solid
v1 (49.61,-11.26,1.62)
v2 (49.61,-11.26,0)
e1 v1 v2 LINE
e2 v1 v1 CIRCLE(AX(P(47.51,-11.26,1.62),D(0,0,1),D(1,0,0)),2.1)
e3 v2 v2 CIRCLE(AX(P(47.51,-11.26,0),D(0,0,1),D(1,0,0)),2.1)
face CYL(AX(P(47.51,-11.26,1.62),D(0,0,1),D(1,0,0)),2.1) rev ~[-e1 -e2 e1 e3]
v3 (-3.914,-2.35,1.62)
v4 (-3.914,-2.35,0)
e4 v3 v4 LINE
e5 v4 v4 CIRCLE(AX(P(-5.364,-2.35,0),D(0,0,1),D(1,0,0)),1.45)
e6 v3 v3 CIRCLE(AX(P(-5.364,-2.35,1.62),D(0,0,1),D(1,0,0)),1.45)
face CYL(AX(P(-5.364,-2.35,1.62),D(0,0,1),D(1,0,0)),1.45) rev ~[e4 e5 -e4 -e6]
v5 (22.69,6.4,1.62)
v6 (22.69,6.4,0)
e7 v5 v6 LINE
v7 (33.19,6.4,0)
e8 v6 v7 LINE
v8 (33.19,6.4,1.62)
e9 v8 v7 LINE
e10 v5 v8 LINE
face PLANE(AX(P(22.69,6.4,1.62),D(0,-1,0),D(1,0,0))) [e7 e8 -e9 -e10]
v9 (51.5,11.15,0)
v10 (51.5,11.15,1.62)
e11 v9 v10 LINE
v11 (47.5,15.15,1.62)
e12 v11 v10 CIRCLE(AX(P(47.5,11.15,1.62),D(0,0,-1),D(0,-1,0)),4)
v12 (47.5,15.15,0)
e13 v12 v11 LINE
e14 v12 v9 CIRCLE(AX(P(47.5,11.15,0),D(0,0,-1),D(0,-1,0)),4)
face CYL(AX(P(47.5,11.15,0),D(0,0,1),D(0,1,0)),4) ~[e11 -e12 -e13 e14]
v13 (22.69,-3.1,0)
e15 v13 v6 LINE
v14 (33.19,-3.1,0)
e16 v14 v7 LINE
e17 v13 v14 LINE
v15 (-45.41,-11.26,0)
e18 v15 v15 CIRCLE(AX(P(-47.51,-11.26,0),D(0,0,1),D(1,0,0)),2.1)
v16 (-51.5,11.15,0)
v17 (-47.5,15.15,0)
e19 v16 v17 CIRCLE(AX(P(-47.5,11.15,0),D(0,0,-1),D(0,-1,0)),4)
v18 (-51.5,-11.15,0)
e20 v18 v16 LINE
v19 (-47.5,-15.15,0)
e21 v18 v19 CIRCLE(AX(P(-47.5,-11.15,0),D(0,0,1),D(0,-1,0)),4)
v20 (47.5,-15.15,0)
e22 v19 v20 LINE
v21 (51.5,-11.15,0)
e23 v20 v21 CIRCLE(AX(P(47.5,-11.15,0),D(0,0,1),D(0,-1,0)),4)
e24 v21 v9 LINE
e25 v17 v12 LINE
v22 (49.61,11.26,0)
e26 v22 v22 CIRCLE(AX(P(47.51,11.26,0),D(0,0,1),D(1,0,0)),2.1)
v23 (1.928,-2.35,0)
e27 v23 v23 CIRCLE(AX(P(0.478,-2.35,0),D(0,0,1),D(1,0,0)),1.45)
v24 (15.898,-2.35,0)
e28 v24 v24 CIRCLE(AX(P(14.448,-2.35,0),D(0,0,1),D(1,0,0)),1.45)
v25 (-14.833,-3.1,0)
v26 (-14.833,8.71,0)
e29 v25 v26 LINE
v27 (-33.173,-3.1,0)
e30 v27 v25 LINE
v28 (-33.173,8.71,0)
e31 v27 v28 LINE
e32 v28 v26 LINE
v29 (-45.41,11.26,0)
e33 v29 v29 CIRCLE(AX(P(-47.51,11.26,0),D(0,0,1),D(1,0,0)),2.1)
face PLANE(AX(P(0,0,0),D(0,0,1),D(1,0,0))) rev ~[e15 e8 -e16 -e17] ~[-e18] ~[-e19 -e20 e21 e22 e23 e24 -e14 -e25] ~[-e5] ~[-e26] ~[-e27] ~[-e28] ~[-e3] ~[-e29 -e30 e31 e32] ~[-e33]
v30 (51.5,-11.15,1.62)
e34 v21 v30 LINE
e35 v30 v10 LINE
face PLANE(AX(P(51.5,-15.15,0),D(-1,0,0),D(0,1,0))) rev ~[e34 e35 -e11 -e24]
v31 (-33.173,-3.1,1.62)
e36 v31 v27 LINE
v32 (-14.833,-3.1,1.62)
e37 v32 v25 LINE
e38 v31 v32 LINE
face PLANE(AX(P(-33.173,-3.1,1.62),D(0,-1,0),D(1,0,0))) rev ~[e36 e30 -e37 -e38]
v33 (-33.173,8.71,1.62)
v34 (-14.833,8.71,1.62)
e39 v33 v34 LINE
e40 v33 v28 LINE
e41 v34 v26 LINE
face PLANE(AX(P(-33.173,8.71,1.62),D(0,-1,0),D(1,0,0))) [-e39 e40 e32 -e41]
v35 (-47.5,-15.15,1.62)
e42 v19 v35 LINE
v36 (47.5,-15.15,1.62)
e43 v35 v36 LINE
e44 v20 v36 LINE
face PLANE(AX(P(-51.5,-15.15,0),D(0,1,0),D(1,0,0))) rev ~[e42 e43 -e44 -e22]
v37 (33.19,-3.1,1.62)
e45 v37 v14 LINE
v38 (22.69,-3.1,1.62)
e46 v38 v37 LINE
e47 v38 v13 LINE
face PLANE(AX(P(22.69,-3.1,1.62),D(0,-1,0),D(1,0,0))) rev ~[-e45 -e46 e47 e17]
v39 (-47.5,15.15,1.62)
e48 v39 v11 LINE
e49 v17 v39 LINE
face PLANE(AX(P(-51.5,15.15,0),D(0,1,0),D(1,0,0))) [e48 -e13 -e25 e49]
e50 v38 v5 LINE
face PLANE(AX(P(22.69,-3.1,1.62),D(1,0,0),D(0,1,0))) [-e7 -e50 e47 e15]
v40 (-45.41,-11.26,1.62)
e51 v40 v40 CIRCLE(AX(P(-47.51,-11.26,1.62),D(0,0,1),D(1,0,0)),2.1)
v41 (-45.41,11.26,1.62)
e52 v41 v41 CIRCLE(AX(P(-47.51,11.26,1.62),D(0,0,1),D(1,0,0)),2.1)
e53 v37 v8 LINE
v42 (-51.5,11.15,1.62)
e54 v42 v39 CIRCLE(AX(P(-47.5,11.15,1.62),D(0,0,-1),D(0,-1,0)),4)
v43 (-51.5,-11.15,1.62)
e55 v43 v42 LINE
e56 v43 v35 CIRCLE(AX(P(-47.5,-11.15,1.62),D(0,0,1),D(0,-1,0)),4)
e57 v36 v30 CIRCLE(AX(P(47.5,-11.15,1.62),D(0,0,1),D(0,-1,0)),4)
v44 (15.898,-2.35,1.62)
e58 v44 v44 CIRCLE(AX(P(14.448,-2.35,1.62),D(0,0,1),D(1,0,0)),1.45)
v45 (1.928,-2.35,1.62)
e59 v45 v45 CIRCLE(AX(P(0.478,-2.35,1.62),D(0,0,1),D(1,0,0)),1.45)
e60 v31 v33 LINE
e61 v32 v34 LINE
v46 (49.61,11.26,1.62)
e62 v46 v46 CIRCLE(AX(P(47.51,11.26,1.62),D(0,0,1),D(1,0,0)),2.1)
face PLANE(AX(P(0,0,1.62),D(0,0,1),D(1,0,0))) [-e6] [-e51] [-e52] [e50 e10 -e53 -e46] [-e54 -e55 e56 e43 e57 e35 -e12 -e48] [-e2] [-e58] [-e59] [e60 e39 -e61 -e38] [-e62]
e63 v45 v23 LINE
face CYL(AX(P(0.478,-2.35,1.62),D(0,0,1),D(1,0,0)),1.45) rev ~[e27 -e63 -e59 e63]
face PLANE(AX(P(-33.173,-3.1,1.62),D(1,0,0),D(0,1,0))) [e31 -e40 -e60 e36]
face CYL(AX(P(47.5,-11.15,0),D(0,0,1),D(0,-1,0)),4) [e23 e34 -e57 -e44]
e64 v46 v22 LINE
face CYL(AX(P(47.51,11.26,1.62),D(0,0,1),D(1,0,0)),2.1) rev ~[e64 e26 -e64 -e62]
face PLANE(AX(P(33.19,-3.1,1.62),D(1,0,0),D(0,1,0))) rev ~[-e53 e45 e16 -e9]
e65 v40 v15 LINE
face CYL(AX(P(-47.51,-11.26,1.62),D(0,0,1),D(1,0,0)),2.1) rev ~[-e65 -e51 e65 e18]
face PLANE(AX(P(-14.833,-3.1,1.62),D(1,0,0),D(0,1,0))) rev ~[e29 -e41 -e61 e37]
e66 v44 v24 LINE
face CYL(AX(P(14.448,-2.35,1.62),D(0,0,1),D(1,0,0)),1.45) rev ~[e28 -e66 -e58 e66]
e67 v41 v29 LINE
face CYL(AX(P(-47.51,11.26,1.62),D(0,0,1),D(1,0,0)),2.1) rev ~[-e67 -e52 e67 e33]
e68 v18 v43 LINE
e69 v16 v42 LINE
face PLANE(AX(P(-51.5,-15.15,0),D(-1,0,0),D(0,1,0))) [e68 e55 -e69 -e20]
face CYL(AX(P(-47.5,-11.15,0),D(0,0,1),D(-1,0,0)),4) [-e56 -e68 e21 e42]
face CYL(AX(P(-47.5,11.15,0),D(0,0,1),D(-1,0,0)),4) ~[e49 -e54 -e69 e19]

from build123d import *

# Parameters (mm, degrees)
SKETCH_W        = 103
SKETCH_H        = 30.3
PAD_DEPTH       = 1.62
SKETCH001_R     = 2.1
POCKET_DEPTH    = 5
SKETCH002_R     = 1.45
SKETCH002_W     = 18.34
SKETCH002_H     = 11.81
SKETCH002_W_2   = 10.5
SKETCH002_H_2   = 9.5
POCKET001_DEPTH = 5
FILLET_R        = 4


with BuildPart() as part:
    # Sketch → Pad (new body)
    with BuildSketch(Plane.XY):
        Rectangle(SKETCH_W, SKETCH_H)
    extrude(amount=PAD_DEPTH)

    # Sketch001 → Pocket (cut)
    with BuildSketch(Plane.XY.offset(1.62)):
        with Locations((-47.51, 11.26)):
            Circle(SKETCH001_R)
        with Locations((47.51, 11.26)):
            Circle(SKETCH001_R)
        with Locations((-47.51, -11.26)):
            Circle(SKETCH001_R)
        with Locations((47.51, -11.26)):
            Circle(SKETCH001_R)
    extrude(amount=-POCKET_DEPTH, mode=Mode.SUBTRACT)

    # Sketch002 → Pocket001 (cut)
    with BuildSketch(Plane.XY.offset(1.62)):
        with Locations((-5.364, -2.35)):
            Circle(SKETCH002_R)
        with Locations((0.478, -2.35)):
            Circle(SKETCH002_R)
        with Locations((14.448, -2.35)):
            Circle(SKETCH002_R)
        with Locations((-24.003, 2.805)):
            Rectangle(SKETCH002_W, SKETCH002_H)
        with Locations((27.94, 1.65)):
            Rectangle(SKETCH002_W_2, SKETCH002_H_2)
    extrude(amount=-POCKET001_DEPTH, mode=Mode.SUBTRACT)

    # Fillet
    fillet_edges = [part.edges().sort_by_distance(p)[0] for p in [
        (-51.5, -15.15, 0.81),
        (-51.5, 15.15, 0.81),
        (51.5, -15.15, 0.81),
        (51.5, 15.15, 0.81),
    ]]
    fillet(fillet_edges, radius=FILLET_R)


solid = part.part
